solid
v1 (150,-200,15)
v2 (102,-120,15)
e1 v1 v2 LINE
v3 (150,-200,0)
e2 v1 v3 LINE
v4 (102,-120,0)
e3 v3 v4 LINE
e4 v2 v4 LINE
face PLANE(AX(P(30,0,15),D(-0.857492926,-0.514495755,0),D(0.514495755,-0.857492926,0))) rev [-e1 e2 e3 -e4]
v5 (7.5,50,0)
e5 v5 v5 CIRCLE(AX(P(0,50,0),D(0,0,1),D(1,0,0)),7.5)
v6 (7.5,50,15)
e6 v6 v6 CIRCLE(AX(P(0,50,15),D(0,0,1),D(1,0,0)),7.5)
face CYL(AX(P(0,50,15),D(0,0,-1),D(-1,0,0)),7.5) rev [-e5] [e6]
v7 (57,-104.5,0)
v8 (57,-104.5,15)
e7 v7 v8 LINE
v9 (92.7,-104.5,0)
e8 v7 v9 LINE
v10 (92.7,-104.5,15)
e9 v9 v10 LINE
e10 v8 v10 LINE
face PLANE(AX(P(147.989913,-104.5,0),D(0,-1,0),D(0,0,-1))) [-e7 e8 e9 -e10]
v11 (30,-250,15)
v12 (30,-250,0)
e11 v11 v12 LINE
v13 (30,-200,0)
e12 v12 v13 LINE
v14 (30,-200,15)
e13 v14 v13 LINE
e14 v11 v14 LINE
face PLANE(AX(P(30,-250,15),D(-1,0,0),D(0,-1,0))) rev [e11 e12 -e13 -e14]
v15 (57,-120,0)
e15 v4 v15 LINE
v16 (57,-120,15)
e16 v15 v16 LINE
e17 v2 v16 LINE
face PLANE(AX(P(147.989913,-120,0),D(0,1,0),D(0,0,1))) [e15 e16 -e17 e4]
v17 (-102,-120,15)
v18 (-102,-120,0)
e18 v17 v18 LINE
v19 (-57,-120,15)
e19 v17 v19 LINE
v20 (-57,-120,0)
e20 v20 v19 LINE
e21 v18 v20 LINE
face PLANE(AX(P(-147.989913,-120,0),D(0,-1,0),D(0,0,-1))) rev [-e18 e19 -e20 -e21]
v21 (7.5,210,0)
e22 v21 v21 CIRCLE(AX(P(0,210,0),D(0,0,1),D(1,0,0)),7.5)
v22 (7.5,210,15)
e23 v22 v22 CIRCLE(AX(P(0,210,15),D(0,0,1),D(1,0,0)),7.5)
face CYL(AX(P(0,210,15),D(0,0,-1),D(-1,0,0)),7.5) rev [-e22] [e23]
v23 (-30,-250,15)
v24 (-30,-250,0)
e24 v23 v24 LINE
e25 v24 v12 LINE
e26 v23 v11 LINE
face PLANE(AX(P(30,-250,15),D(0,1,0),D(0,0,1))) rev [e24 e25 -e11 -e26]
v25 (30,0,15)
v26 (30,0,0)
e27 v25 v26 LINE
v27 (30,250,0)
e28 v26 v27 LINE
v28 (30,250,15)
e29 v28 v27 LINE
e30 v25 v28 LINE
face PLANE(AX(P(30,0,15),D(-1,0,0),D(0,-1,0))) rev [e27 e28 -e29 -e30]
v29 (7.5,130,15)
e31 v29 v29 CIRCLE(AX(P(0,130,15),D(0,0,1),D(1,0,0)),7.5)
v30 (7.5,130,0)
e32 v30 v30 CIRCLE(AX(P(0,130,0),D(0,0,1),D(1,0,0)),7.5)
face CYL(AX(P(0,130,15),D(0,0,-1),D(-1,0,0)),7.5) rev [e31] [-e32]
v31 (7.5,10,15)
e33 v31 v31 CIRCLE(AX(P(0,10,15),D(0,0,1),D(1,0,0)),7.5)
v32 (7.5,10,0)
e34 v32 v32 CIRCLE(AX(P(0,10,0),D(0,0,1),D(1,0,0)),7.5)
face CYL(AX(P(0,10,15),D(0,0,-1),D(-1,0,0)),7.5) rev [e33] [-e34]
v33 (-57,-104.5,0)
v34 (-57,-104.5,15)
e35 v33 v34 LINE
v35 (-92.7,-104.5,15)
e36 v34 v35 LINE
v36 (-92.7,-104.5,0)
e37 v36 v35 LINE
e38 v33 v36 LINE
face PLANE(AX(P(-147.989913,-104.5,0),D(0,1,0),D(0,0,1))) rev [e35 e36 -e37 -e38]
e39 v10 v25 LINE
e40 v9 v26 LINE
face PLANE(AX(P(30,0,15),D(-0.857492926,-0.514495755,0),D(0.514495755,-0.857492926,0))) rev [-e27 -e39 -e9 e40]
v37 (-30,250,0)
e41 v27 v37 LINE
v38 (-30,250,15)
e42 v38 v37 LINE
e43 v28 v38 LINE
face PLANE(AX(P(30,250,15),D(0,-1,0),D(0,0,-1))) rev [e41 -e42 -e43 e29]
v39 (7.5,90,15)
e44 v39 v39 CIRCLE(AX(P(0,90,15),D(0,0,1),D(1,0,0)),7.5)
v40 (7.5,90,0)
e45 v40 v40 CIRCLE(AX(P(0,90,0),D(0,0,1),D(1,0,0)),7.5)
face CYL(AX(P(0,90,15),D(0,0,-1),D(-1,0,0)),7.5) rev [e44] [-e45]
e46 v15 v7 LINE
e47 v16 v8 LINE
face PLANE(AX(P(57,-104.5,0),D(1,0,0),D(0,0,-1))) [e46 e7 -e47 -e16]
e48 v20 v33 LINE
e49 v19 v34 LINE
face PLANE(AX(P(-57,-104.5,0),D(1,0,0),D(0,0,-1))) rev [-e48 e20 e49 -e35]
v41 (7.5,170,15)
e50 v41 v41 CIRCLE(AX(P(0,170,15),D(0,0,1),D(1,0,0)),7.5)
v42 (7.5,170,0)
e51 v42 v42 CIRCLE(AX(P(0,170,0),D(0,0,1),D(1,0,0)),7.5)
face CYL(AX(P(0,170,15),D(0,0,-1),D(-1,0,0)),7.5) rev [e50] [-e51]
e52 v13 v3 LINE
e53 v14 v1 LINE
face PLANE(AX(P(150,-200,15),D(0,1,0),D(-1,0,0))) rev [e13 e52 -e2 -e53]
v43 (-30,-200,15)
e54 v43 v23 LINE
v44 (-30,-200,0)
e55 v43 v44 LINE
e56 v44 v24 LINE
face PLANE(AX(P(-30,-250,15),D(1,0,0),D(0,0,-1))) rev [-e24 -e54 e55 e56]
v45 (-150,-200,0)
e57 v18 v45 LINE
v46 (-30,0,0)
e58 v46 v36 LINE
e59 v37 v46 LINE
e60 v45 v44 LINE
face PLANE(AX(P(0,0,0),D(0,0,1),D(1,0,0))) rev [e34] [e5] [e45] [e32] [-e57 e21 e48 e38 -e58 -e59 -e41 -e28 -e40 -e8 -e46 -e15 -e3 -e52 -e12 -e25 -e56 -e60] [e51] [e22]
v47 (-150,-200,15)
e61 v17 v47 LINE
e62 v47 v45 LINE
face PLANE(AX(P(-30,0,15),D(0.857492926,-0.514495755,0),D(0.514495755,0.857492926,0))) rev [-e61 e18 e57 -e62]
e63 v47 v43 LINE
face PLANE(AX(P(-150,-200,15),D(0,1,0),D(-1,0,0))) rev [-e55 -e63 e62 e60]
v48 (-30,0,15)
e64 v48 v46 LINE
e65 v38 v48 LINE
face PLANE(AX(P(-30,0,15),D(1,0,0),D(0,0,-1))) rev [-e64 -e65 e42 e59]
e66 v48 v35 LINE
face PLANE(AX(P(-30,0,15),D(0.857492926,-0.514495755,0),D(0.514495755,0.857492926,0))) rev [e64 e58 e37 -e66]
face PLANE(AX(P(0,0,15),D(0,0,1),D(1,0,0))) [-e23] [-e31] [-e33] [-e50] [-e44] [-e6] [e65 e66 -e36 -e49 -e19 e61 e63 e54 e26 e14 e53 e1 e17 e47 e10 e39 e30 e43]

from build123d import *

# Parameters (mm, degrees)
ESQUISSE1_R             = 7.5
BOSS_EXTRU_1_DEPTH      = 15
ESQUISSE2_W             = 90.989913166
ESQUISSE2_H             = 15.5
ENL_V_MAT_EXTRU_1_DEPTH = 15


with BuildPart() as part:
    # Esquisse1 → Boss.-Extru.1 (new body)
    with BuildSketch(Plane.XY):
        Polygon((-30, 0), (-150, -200), (-30, -200), (-30, -250), (30, -250), (30, -200), (150, -200), (30, 0), (30, 250), (-30, 250), align=None)
        with Locations((0, 210)):
            Circle(ESQUISSE1_R, mode=Mode.SUBTRACT)
        with Locations((0, 170)):
            Circle(ESQUISSE1_R, mode=Mode.SUBTRACT)
        with Locations((0, 130)):
            Circle(ESQUISSE1_R, mode=Mode.SUBTRACT)
        with Locations((0, 90)):
            Circle(ESQUISSE1_R, mode=Mode.SUBTRACT)
        with Locations((0, 50)):
            Circle(ESQUISSE1_R, mode=Mode.SUBTRACT)
        with Locations((0, 10)):
            Circle(ESQUISSE1_R, mode=Mode.SUBTRACT)
    extrude(amount=BOSS_EXTRU_1_DEPTH)

    # Esquisse2 → Enlèv. mat.-Extru.1 (cut)
    with BuildSketch(Plane.XY.offset(15)):
        with Locations((-102.494956583, -112.25)):
            Rectangle(ESQUISSE2_W, ESQUISSE2_H)
    enl_v_mat_extru_1 = extrude(amount=-ENL_V_MAT_EXTRU_1_DEPTH, mode=Mode.SUBTRACT)

    # Symétrie1: Enlèv. mat.-Extru.1 across plane
    add(enl_v_mat_extru_1.mirror(Plane(origin=(0, 0, 0), x_dir=(0, 0, 1), z_dir=(1, 0, 0))), mode=Mode.SUBTRACT)


solid = part.part
